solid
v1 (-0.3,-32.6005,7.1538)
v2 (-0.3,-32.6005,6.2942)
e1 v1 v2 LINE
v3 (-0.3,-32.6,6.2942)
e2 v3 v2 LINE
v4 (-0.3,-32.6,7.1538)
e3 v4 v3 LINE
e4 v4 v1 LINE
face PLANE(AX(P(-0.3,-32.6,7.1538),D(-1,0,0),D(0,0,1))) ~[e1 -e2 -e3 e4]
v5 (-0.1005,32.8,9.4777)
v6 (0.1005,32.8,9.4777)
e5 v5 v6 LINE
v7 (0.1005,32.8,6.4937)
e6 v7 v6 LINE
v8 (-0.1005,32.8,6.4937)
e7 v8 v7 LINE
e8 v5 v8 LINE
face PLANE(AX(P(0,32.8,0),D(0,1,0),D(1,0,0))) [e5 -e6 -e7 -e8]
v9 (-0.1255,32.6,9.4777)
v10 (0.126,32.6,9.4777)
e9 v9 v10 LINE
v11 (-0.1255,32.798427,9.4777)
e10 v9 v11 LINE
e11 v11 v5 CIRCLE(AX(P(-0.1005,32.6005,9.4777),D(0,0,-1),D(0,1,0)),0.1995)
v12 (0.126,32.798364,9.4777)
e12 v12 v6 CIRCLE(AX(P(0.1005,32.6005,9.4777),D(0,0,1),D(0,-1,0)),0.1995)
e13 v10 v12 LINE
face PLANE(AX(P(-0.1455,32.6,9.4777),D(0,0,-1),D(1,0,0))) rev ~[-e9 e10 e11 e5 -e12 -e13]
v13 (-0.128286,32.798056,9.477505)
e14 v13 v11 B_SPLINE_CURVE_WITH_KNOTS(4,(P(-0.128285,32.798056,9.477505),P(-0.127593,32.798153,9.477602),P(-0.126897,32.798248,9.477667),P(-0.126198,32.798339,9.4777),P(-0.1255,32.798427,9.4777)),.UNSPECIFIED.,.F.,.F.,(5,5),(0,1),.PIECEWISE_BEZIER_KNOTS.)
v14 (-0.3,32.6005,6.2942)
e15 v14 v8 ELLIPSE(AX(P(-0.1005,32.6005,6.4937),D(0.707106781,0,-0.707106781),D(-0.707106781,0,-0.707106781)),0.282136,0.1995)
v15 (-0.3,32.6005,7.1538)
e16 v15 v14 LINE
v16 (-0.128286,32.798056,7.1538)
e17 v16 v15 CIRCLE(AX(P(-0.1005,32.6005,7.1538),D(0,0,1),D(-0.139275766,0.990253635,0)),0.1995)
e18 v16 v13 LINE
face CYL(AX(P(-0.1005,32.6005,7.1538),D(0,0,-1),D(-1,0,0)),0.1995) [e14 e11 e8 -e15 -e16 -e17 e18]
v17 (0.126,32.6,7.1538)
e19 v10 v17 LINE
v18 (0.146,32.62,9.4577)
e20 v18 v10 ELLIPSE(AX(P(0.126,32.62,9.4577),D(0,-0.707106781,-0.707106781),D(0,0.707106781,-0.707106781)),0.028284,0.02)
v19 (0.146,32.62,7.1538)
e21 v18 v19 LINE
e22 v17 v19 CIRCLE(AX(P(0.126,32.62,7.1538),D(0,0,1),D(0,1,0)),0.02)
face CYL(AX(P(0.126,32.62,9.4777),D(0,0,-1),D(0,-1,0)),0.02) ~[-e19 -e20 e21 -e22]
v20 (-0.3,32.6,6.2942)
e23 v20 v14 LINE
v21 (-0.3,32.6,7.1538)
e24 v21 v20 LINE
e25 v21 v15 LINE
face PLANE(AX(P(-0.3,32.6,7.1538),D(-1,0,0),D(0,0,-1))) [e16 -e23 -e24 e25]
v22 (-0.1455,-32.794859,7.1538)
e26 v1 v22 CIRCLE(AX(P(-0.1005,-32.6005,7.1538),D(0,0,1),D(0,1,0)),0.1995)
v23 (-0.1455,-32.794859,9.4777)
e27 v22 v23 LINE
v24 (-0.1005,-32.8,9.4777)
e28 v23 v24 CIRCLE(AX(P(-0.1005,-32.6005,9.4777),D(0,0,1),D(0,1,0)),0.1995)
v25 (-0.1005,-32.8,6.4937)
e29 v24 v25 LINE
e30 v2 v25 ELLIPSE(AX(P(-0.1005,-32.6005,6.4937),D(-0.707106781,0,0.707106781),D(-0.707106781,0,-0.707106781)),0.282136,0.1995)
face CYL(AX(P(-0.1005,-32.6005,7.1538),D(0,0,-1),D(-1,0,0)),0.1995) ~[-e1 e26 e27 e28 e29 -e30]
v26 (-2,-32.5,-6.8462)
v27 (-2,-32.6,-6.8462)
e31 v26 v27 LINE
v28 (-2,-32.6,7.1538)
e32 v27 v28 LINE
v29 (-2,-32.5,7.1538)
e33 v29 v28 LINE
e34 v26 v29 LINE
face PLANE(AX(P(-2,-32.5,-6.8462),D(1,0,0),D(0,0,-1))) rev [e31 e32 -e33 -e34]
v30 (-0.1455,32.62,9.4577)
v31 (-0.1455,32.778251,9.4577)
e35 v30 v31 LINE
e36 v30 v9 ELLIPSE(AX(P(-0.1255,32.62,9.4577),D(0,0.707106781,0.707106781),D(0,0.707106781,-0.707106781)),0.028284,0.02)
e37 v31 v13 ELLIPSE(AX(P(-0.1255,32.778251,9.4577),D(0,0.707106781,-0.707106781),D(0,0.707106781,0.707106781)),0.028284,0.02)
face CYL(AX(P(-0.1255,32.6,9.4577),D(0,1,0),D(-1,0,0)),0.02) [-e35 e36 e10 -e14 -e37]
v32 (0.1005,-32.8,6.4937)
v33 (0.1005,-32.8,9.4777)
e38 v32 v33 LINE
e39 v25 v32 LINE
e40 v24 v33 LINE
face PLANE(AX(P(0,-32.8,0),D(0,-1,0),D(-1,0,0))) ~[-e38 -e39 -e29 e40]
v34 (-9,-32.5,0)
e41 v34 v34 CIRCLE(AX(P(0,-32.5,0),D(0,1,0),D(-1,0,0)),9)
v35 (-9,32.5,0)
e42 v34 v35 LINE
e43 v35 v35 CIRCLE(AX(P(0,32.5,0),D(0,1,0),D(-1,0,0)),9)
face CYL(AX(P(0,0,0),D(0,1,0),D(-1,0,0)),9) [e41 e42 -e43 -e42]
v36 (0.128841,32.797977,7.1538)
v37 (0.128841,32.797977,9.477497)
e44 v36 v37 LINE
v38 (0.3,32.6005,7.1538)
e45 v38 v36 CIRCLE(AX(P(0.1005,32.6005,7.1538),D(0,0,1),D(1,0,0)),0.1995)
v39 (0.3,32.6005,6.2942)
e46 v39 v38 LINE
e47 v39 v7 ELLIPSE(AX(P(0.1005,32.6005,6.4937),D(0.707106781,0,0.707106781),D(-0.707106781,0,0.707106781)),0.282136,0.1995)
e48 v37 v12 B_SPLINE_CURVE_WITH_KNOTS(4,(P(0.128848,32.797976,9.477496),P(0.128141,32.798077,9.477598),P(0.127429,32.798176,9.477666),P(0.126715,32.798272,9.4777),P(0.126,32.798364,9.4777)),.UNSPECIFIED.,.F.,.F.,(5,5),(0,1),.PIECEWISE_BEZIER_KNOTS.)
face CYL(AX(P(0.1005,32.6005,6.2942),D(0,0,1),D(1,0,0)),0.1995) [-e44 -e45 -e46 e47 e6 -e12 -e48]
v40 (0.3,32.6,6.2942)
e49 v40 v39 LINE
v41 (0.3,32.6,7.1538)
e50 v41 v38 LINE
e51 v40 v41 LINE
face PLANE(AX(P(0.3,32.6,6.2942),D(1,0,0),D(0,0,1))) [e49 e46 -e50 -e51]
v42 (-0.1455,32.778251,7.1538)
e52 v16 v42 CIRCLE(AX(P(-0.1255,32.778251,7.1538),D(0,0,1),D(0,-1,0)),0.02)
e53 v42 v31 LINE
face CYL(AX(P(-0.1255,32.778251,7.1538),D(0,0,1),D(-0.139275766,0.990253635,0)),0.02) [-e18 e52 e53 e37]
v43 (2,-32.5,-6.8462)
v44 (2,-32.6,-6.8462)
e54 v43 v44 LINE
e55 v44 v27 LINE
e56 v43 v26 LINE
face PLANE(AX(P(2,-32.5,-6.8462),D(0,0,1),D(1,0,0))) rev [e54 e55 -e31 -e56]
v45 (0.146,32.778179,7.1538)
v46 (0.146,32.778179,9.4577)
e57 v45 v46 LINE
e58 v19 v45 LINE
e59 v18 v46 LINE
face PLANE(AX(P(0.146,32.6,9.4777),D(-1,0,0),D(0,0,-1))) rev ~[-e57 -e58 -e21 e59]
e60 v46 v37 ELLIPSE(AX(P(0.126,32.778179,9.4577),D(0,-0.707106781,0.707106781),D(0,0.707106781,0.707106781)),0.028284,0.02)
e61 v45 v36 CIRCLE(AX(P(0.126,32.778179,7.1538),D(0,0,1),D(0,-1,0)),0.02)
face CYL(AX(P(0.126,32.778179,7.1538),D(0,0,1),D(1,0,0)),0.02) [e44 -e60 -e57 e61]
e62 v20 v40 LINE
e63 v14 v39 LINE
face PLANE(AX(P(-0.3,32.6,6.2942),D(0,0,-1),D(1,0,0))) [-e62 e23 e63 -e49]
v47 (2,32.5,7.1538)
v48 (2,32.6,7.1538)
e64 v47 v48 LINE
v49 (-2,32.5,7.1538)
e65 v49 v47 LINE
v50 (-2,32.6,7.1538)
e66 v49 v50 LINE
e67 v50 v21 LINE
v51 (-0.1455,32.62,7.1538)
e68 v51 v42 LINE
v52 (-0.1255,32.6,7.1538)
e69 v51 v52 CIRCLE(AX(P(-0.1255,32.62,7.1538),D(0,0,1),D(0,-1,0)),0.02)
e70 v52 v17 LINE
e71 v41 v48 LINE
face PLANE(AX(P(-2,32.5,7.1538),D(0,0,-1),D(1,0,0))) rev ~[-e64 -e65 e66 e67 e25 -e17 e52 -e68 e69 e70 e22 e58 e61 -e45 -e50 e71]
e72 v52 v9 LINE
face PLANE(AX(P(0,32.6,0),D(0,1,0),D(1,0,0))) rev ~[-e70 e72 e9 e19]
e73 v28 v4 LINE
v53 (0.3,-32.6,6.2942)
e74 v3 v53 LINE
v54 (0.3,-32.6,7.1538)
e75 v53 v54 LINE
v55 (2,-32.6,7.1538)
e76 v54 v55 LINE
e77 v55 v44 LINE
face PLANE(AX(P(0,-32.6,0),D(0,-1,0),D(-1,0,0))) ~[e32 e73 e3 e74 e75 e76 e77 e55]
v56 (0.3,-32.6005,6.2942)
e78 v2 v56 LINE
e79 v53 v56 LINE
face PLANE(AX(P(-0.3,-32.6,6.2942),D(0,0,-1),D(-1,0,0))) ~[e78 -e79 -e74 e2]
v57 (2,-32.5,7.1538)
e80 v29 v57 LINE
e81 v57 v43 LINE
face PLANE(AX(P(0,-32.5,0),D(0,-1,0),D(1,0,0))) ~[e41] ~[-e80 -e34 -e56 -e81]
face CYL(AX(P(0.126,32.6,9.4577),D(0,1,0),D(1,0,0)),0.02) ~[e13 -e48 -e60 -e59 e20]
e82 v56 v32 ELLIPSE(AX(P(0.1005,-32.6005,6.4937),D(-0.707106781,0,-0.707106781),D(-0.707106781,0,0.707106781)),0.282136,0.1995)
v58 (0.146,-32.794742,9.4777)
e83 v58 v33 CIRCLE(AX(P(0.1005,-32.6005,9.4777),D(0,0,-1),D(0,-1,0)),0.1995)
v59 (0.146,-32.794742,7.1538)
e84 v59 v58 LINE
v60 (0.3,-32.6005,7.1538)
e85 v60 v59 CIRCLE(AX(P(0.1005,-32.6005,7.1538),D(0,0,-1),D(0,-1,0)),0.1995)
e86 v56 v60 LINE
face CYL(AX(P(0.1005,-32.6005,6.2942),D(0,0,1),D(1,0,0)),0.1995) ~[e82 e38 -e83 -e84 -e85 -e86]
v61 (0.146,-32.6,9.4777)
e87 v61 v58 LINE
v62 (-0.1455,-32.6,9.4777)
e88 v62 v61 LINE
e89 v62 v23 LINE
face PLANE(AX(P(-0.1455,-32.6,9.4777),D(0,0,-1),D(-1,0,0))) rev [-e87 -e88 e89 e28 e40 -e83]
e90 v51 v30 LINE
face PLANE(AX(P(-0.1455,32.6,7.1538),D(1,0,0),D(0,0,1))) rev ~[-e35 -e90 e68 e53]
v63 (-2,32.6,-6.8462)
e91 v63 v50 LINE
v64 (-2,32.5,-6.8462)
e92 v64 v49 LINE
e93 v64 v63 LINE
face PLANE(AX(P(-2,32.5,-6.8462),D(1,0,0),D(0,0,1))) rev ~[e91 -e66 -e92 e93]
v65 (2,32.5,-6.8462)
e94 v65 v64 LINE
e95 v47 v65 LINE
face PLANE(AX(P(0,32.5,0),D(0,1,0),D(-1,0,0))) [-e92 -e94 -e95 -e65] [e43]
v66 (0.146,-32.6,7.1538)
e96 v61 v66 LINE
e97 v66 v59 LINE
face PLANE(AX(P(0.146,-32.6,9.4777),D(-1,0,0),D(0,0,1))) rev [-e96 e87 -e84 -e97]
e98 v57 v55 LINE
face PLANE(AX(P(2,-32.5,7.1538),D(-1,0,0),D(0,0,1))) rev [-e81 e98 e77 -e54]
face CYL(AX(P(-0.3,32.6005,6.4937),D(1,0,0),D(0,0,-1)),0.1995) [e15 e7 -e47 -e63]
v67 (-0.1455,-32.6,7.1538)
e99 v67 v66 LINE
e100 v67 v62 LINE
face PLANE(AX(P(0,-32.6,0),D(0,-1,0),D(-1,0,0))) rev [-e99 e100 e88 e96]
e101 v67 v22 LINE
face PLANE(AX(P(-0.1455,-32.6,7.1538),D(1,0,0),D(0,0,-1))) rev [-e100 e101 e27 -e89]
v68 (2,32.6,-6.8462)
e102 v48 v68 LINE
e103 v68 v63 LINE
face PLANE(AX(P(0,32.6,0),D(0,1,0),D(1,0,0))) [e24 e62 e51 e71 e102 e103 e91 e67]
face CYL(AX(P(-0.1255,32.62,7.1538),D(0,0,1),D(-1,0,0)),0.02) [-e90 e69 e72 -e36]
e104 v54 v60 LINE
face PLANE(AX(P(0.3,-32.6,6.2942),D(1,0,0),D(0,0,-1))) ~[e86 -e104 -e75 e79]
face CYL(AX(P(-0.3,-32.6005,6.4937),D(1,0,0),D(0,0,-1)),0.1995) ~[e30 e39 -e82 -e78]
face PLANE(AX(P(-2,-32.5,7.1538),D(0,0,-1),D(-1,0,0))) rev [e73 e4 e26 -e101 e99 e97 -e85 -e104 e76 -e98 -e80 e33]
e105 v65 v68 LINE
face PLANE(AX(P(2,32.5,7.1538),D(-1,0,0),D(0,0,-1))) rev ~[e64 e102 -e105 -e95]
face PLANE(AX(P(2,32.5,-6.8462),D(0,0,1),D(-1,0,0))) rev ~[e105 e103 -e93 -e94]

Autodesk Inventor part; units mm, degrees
ref_plane "YZ Plane" through (0, 0, 0) normal (1, 0, 0) x (0, 1, 0)
ref_plane "XZ Plane" through (0, 0, 0) normal (0, 1, 0) x (-1, 0, 0)
ref_plane "XY Plane" through (0, 0, 0) normal (0, 0, 1) x (1, 0, 0)
sketch "Boceto1" plane through (0, 0, 0) normal (0, 1, 0) x (-1, 0, 0)
  circle A0 centre (0, 0) radius 9
extrude "Extrusión1" add sketch "Boceto1" along normal blind 32.5
sketch "Boceto3" plane through (0, 32.5, 0) normal (0, 1, 0) x (1, 0, 0)
  line L0 (-2, -7.1538) -> (2, -7.1538)
  line L1 (2, -7.1538) -> (2, 6.8462)
  line L2 (2, 6.8462) -> (-2, 6.8462)
  line L3 (-2, 6.8462) -> (-2, -7.1538)
  point P0 (0, 0)
extrude "Extrusión2" add sketch "Boceto3" along normal blind 0.1
sketch "Boceto4" plane through (0, 32.6, 0) normal (0, 1, 0) x (1, 0, 0)
  line L0 (-2, -7.1538) -> (2, -7.1538) projected
  line L1 (-0.3, -7.1538) -> (-0.3, -6.2942)
  line L2 (-0.3, -6.2942) -> (0.3, -6.2942)
  line L3 (0.3, -6.2942) -> (0.3, -7.1538)
  line L4 (-0.1455, -7.1538) -> (-0.1455, -9.4777)
  line L5 (-0.1455, -9.4777) -> (0.146, -9.4777)
  line L6 (0.146, -9.4777) -> (0.146, -7.1538)
  line L7 (-0.3, -7.1538) -> (-0.1455, -7.1538)
  line L8 (0.146, -7.1538) -> (0.3, -7.1538)
  point P0 (0, 0)
extrude "Extrusión3" add sketch "Boceto4" along normal blind 0.2
fillet "Empalme1" radius 0.2 3 edges at (-0.3, 32.8, 6.724) (0.3, 32.8, 6.724) (0, 32.8, 6.2942)
fillet "Empalme2" radius 0.02 6 edges at (-0.1455, 32.6974, 9.4777) (0.146, 32.6974, 9.4777) (-0.1455, 32.6, 8.3158) (0.146, 32.6, 8.3158) (0.146, 32.7947, 8.3158) (-0.1455, 32.7949, 8.3158)
mirror "Simetría1" about plane through (0, 0, 0) normal (0, -1, 0) of "Extrusión1", "Extrusión3", "Extrusión2", "Empalme1"
equation "\"Radio_pliegue\" = Grosor"
equation "\"Anchura_desahogo_plegado\" = Grosor"
equation "\"Profundidad_desahogo_plegado\" = 0.5 * Grosor"
equation "\"Tamaño_destalonado\" = 4 * Grosor"
equation "\"Remanente_mínimo\" = 2 * Grosor"
equation "\"Radiodetransición\" = Radio_pliegue"
equation "\"Tamaño_de_radio_de_Jacobi\" = Radio_pliegue"
equation "\"TamañoSeparación\" = Grosor"
equation "\"Grosor\" = 0.5"
properties part number "pila"
